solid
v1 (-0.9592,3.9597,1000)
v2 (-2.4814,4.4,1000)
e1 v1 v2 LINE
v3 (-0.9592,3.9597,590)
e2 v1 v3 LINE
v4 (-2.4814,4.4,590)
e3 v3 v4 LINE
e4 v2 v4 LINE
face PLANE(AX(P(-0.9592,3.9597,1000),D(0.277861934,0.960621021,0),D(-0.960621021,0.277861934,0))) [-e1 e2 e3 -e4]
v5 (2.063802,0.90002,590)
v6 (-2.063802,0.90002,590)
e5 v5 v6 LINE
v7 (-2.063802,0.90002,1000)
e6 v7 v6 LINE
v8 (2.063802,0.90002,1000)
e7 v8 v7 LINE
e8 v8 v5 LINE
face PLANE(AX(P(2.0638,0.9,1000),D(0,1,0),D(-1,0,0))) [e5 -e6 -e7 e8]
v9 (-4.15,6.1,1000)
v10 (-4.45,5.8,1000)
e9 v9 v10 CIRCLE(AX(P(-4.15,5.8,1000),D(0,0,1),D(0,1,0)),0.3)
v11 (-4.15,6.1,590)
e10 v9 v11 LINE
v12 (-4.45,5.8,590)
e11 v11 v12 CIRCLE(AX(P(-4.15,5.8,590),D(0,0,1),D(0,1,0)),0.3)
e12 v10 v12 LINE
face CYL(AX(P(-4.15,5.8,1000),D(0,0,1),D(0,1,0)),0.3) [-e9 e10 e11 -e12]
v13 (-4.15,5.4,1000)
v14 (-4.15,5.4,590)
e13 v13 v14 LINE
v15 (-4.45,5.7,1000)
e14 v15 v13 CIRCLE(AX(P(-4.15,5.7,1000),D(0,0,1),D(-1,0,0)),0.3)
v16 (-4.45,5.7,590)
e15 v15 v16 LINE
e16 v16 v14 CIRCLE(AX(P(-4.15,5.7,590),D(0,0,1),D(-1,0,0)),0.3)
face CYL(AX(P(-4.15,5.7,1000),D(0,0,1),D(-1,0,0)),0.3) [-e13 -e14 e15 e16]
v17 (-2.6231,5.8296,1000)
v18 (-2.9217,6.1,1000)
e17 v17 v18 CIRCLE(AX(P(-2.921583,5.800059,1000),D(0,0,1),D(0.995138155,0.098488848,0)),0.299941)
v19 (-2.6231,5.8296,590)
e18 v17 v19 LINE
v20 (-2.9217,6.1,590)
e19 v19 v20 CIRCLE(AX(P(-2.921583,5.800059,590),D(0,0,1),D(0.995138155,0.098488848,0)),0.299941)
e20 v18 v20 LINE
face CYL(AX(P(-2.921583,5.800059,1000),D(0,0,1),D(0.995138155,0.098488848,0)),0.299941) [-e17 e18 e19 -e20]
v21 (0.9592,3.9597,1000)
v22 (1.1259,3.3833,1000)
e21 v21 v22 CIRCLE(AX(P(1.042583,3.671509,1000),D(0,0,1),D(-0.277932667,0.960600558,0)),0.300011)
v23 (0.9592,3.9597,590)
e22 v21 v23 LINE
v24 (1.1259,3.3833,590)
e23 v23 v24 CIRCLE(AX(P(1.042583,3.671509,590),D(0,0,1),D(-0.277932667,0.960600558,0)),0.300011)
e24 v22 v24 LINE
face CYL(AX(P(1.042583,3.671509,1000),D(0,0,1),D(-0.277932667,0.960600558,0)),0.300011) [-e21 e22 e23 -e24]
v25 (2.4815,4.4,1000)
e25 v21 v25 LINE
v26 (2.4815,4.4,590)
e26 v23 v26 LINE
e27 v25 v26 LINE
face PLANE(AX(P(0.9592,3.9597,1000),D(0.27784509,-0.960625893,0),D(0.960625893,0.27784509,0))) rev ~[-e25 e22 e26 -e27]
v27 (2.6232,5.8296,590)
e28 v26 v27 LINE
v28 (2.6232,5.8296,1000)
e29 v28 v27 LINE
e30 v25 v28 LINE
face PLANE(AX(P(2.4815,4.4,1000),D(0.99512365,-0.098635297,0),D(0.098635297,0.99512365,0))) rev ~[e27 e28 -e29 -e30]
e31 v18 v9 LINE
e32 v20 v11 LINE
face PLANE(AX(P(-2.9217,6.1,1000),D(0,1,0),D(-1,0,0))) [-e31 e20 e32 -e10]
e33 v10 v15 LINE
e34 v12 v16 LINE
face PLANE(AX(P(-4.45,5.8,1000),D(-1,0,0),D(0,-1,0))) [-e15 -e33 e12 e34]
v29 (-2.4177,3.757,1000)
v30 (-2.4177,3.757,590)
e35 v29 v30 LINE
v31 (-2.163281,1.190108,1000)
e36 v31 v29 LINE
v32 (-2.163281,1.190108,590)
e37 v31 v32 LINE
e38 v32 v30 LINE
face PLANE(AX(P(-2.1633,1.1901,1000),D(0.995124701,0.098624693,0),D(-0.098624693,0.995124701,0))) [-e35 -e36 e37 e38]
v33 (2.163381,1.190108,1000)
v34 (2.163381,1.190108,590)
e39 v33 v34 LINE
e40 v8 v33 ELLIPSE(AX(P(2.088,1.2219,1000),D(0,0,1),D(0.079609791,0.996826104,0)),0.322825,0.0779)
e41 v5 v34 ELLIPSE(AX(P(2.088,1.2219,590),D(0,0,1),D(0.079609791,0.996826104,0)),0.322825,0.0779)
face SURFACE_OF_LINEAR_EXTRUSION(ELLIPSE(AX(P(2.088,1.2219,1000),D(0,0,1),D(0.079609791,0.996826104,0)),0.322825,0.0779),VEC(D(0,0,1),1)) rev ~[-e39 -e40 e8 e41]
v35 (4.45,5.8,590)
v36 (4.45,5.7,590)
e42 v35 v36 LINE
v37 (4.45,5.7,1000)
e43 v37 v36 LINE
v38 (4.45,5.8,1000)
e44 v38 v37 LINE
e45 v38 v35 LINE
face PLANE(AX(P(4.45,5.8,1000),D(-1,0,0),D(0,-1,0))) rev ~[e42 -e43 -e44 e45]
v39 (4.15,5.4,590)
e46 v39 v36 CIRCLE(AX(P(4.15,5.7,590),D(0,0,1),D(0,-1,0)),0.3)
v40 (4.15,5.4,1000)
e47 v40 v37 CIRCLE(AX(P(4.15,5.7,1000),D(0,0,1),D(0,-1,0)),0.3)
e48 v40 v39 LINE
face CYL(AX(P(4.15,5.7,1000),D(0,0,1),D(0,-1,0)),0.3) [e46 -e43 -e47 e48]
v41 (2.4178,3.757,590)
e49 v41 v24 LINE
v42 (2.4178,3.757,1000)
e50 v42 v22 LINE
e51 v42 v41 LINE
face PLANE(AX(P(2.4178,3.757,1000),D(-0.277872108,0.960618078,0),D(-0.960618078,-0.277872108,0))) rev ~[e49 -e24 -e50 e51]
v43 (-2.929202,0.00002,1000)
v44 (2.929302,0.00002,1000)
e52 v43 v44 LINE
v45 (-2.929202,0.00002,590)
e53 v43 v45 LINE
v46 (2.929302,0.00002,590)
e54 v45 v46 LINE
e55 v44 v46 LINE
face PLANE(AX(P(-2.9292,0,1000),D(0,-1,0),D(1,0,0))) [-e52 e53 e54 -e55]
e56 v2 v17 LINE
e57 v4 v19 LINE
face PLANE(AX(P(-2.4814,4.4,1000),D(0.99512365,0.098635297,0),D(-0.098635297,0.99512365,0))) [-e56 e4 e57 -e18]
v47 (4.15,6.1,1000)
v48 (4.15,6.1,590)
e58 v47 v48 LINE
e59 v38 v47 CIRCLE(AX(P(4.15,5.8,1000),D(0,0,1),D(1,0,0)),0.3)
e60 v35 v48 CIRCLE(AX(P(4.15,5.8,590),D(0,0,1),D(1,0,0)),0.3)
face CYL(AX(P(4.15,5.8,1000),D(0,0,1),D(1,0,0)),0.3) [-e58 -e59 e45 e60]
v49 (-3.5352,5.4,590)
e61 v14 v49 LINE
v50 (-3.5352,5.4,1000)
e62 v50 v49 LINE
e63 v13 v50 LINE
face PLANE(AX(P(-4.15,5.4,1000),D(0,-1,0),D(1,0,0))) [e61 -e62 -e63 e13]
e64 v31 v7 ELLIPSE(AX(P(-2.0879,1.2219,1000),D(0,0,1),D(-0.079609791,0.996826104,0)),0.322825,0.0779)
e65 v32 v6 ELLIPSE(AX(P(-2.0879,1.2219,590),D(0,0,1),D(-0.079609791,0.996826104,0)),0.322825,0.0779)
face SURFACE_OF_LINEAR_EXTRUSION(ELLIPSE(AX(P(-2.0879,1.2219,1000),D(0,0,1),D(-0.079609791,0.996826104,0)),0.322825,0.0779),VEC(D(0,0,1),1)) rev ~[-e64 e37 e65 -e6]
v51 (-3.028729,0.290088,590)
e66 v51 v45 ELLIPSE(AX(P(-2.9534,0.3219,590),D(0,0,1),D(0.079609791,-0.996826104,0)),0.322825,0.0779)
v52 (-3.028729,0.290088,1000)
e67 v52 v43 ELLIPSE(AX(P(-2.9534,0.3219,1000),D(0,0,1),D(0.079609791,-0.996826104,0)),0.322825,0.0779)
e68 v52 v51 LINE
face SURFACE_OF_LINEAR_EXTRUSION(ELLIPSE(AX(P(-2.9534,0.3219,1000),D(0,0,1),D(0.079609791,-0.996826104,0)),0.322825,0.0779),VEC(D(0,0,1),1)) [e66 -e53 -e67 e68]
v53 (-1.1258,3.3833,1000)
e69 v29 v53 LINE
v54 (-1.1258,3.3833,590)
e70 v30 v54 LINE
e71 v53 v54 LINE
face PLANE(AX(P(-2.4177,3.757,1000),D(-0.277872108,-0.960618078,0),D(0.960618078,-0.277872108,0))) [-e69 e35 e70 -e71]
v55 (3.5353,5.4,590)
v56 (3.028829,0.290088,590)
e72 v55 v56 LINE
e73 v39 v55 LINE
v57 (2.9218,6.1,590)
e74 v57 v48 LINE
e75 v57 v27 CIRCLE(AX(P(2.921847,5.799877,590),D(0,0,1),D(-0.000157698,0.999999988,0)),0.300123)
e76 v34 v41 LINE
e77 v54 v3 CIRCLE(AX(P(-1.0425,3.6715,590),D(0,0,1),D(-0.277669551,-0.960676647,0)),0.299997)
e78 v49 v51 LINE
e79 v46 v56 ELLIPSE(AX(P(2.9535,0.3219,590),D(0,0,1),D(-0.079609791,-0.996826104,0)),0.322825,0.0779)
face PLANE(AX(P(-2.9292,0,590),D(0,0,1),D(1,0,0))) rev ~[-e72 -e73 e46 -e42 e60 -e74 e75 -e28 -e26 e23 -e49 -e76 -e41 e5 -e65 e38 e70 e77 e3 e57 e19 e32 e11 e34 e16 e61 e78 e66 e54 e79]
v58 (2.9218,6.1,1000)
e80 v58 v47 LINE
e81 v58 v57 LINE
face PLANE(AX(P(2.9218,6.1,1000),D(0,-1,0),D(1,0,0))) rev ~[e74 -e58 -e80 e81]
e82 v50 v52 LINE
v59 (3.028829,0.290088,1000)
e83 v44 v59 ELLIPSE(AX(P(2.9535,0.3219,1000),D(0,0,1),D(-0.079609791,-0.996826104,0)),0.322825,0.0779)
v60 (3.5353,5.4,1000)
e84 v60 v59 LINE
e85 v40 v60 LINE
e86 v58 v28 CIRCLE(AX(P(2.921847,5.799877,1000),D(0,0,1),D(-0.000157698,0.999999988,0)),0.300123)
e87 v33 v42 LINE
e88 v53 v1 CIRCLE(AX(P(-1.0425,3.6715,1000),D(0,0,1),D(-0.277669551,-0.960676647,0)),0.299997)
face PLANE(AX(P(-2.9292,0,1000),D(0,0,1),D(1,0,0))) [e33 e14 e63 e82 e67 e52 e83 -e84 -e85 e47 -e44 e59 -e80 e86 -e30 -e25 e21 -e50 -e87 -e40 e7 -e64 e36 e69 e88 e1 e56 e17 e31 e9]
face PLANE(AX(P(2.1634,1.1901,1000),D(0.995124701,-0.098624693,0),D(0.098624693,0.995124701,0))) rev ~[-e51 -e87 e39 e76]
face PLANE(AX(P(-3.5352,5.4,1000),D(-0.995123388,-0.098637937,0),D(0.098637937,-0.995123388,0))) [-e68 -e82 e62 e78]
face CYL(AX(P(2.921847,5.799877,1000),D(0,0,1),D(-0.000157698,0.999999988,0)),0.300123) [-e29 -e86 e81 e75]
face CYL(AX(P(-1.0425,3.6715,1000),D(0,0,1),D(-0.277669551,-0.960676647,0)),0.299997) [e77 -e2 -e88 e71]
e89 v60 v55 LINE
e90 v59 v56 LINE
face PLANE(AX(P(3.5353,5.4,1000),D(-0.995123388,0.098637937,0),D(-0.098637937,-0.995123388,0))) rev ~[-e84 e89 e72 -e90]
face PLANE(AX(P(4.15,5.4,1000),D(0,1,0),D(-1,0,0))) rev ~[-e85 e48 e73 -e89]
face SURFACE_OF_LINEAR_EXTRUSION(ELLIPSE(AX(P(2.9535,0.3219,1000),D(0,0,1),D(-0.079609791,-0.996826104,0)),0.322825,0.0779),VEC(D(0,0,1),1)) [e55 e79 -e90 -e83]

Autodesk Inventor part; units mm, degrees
ref_plane "YZ Plane" through (0, 0, 0) normal (1, 0, 0) x (0, 1, 0)
ref_plane "XZ Plane" through (0, 0, 0) normal (0, 1, 0) x (-1, 0, 0)
ref_plane "РабПлоскость5" through (-2.9292, 0, 1000) normal (0, 0, 1) x (1, 0, 0)
sketch "Эскиз1" plane through (-2.9292, 0, 1000) normal (0, 0, 1) x (1, 0, 0)
  ellipse E0 centre (5.8827, 0.3219) end of major axis (5.857, 0.0001) minor radius 0.0779 (5.8585, 0) -> (5.958, 0.2901) ccw
  arc A0 (1.8034, 3.3833) -> (1.97, 3.9597) centre (1.8867, 3.6715) ccw
  arc A1 (3.8884, 3.9597) -> (4.0551, 3.3833) centre (3.9718, 3.6715) ccw
  line L0 (5.347, 3.757) -> (4.0551, 3.3833)
  line L1 (5.0926, 1.1901) -> (5.347, 3.757)
  ellipse E1 centre (0.8413, 1.2219) end of major axis (0.8156, 1.5437) minor radius 0.0779 (0.7659, 1.1901) -> (0.8654, 0.9) ccw
  line L2 (4.993, 0.9) -> (0.8654, 0.9)
  ellipse E2 centre (5.0172, 1.2219) end of major axis (5.0429, 1.5437) minor radius 0.0779 (4.993, 0.9) -> (5.0926, 1.1901) ccw
  line L3 (0.7659, 1.1901) -> (0.5115, 3.757)
  line L4 (1.97, 3.9597) -> (0.4478, 4.4)
  line L5 (3.8884, 3.9597) -> (5.4107, 4.4)
  line L6 (5.4107, 4.4) -> (5.5524, 5.8296)
  arc A2 (5.851, 6.1) -> (5.5524, 5.8296) centre (5.851, 5.8) ccw
  line L7 (5.851, 6.1) -> (7.0792, 6.1)
  arc A3 (7.3792, 5.8) -> (7.0792, 6.1) centre (7.0792, 5.8) ccw
  arc A4 (7.0792, 5.4) -> (7.3792, 5.7) centre (7.0792, 5.7) ccw
  line L8 (7.0792, 5.4) -> (6.4645, 5.4)
  line L9 (-0.606, 5.4) -> (-0.0995, 0.2901)
  line L10 (-1.2208, 5.4) -> (-0.606, 5.4)
  arc A5 (-1.5208, 5.7) -> (-1.2208, 5.4) centre (-1.2208, 5.7) ccw
  line L11 (-1.5208, 5.8) -> (-1.5208, 5.7)
  arc A6 (-1.2208, 6.1) -> (-1.5208, 5.8) centre (-1.2208, 5.8) ccw
  line L12 (0.0075, 6.1) -> (-1.2208, 6.1)
  arc A7 (0.3061, 5.8296) -> (0.0075, 6.1) centre (0.0075, 5.8) ccw
  line L13 (0.4478, 4.4) -> (0.3061, 5.8296)
  ellipse E3 centre (-0.0242, 0.3219) end of major axis (0.0015, 0.0001) minor radius 0.0779 (-0.0995, 0.2901) -> (0, 0) ccw
  line L14 (0, 0) -> (5.8585, 0)
  line L15 (6.4645, 5.4) -> (5.958, 0.2901)
  line L16 (7.3792, 5.8) -> (7.3792, 5.7)
  line L17 (0.5115, 3.757) -> (1.8034, 3.3833)
  point P0 (2.9292, 0)
extrude "Выдавливание1" add sketch "Эскиз1" against normal blind 410
properties part number "Uplotnitel-pazovyy410_-paz-6"
